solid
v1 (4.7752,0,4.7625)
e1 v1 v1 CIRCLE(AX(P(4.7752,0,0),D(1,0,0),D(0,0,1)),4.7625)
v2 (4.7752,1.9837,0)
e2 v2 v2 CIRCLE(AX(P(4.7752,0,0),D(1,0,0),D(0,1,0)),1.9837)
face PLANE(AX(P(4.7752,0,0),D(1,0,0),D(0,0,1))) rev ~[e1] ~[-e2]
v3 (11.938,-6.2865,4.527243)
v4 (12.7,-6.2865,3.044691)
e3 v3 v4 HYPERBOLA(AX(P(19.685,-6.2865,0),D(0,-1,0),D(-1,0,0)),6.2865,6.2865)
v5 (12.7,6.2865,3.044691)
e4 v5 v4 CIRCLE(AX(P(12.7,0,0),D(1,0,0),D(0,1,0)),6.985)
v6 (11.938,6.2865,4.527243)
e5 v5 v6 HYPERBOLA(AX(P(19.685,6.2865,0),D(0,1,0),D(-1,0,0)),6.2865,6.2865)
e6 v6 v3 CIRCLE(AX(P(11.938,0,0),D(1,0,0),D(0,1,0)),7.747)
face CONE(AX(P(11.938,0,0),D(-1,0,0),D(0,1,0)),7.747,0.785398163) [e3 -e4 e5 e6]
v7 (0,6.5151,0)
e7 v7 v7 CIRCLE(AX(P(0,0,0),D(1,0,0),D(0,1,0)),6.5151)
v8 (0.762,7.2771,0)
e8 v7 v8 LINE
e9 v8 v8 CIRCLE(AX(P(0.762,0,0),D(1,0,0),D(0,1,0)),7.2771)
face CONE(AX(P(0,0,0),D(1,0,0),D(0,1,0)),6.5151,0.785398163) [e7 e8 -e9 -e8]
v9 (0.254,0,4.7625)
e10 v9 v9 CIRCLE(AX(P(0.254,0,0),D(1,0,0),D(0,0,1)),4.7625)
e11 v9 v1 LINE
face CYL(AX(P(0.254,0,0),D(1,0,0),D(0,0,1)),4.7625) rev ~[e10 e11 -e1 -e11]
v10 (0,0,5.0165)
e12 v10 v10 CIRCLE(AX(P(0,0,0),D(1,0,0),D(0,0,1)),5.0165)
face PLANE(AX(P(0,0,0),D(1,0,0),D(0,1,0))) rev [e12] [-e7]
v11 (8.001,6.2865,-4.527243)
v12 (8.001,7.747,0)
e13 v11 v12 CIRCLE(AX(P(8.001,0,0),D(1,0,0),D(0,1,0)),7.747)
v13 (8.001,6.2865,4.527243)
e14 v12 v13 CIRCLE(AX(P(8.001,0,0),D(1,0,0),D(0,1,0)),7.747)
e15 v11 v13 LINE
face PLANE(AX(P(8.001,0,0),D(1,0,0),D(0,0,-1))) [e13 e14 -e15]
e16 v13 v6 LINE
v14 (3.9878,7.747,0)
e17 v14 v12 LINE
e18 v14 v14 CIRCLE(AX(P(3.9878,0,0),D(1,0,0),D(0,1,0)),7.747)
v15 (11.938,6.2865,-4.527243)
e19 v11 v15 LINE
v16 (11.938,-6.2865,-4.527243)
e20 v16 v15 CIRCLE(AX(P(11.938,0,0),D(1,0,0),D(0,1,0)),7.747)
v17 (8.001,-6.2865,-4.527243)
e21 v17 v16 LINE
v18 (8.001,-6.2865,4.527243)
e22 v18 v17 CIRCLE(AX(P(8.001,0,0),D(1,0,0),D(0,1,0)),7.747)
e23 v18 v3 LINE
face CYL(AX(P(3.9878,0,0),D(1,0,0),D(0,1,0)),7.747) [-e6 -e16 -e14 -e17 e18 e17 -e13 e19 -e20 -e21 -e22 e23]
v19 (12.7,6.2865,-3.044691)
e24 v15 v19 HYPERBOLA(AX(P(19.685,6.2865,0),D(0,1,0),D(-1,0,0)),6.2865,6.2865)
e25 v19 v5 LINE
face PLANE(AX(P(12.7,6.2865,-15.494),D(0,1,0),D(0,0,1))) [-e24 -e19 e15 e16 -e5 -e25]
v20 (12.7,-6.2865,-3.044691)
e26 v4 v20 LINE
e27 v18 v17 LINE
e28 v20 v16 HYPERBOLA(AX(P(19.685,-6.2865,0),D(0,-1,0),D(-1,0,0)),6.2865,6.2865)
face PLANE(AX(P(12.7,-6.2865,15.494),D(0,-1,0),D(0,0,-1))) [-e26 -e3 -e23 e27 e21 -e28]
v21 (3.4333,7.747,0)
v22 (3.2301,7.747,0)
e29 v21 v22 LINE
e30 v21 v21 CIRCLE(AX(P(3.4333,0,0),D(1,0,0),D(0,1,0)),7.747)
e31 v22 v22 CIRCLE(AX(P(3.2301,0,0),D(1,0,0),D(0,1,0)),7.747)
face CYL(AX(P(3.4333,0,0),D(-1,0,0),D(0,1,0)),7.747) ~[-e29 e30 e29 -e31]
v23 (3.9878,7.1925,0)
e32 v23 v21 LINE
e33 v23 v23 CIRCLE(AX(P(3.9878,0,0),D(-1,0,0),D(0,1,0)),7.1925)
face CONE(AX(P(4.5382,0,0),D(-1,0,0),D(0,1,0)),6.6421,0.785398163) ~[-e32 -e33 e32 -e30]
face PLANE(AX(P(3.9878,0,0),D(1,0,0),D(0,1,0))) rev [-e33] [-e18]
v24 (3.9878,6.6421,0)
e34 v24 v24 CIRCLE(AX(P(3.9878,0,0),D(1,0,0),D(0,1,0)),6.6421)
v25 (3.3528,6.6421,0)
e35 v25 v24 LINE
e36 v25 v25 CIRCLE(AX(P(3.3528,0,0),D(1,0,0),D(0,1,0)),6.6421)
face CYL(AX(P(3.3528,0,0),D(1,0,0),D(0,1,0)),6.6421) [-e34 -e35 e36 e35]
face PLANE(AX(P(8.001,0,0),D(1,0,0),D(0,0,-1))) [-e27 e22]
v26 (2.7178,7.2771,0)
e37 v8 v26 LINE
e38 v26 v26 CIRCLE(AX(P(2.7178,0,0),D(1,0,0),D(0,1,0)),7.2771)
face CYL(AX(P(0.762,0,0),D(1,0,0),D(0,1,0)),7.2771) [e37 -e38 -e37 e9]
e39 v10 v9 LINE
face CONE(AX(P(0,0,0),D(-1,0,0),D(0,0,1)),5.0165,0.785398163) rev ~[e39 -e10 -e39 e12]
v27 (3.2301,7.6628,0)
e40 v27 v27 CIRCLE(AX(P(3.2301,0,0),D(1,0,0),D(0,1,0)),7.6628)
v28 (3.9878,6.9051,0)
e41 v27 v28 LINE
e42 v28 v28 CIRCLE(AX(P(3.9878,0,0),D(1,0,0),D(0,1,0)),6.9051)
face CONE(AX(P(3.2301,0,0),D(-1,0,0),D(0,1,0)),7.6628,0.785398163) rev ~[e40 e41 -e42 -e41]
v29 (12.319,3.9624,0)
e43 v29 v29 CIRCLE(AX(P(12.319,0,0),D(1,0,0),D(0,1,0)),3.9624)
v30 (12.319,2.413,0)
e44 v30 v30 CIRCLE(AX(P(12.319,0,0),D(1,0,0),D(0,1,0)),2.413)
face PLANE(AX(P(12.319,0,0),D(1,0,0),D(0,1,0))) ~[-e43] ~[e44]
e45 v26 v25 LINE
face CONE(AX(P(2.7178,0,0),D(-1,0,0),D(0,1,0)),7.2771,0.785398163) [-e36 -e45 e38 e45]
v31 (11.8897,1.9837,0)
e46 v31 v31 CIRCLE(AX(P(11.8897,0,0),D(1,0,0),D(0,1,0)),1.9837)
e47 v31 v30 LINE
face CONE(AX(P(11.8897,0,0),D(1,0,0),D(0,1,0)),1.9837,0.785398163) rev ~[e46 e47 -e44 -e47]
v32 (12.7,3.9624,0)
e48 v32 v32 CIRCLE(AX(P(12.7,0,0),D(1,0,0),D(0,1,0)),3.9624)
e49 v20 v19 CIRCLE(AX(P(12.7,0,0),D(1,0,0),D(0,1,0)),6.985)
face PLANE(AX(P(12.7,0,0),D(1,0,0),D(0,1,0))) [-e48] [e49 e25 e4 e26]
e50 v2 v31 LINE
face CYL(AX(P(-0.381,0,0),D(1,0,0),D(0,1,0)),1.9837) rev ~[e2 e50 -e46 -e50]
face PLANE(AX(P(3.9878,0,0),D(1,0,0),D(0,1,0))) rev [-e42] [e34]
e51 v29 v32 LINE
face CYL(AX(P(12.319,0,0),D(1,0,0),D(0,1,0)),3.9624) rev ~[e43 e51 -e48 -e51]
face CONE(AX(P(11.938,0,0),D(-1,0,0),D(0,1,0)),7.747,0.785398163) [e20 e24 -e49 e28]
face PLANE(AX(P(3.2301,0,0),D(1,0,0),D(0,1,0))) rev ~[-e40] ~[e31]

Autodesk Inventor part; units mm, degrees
sketch "Sketch_1" plane through (0, 0, 0) normal (0, 0, 1) x (1, 0, 0)
  line L0 (12.7, 0) -> (0, 0)
  line L1 (0, 0) -> (0, 6.5151)
  line L2 (0, 6.5151) -> (0.762, 7.2771)
  line L3 (0.762, 7.2771) -> (2.7178, 7.2771)
  line L4 (2.7178, 7.2771) -> (3.3528, 6.6421)
  line L5 (3.3528, 6.6421) -> (3.9878, 6.6421)
  line L6 (3.9878, 6.6421) -> (3.9878, 7.747)
  line L7 (3.9878, 7.747) -> (11.938, 7.747)
  line L8 (11.938, 7.747) -> (12.7, 6.985)
  line L9 (12.7, 6.985) -> (12.7, 0)
  line L10 (12.7, 0) -> (0, 0)
revolve "Revolution1" add sketch "Sketch_1" angle 360 about axis through (12.7, 0, 0) along (1, 0, 0)
sketch "Sketch_2" plane through (12.7, 0, 0) normal (1, 0, 0) x (0, 0, -1)
  line L0 (-30.988, 12.573) -> (-30.988, -12.573)
  line L1 (-30.988, -12.573) -> (30.988, -12.573)
  line L2 (30.988, -12.573) -> (30.988, 12.573)
  line L3 (30.988, 12.573) -> (-30.988, 12.573)
  line L4 (-15.494, 6.2865) -> (-15.494, -6.2865)
  line L5 (-15.494, -6.2865) -> (15.494, -6.2865)
  line L6 (15.494, -6.2865) -> (15.494, 6.2865)
  line L7 (15.494, 6.2865) -> (-15.494, 6.2865)
extrude "Extrusion1" cut sketch "Sketch_2" against normal blind 4.699
sketch "Sketch3" plane through (0, 0, 0) normal (-1, 0, 0) x (0, 0, 1)
  point P0 (0, 0)
hole "Hole1" at (0, 0, 0) direction (1, 0, 0) diameter 9.525 depth 4.7752 countersink diameter 10.033 countersink angle 90
sketch "Sketch_5" plane through (0, 0, 0) normal (0, 0, 1) x (1, 0, 0)
  line L0 (12.7, 0) -> (-0.381, 0)
  line L1 (-0.381, 0) -> (-0.381, 1.9837)
  line L2 (-0.381, 1.9837) -> (11.8897, 1.9837)
  line L3 (11.8897, 1.9837) -> (12.319, 2.413)
  line L4 (12.319, 2.413) -> (12.319, 3.9624)
  line L5 (12.319, 3.9624) -> (12.7, 3.9624)
  line L6 (12.7, 3.9624) -> (12.7, 0)
  line L7 (12.7, 0) -> (-0.381, 0)
revolve "Revolution2" cut sketch "Sketch_5" angle 360 about axis through (12.7, 0, 0) along (1, 0, 0)
thread "Thread1" size "10-32 UNF" class "2B" standard "ANSI Unified Screw Threads" length 4.699 offset 2.8448
sketch "Sketch_9" plane through (0, 0, 0) normal (0, 0, 1) x (1, 0, 0)
  line L0 (12.7, 0) -> (-12.7, 0)
  line L1 (3.2301, 7.6628) -> (4.2508, 6.6421)
  line L2 (4.2508, 6.6421) -> (4.5382, 6.6421)
  line L3 (4.5382, 6.6421) -> (3.4333, 7.747)
  line L4 (3.4333, 7.747) -> (3.2301, 7.747)
  line L5 (3.2301, 7.747) -> (3.2301, 7.6628)
revolve "Revolution3" add sketch "Sketch_9" angle 360 about axis through (12.7, 0, 0) along (1, 0, 0)
ref_plane "aa2_XY" through (12.7, 0, 0) normal (0, 1, 0) x (1, 0, 0)
ref_plane "aa2_YZ" through (12.7, 0, 0) normal (1, 0, 0) x (0, 0, -1)
ref_plane "aa2_ZX" through (12.7, 0, 0) normal (0, 0, -1) x (0, 1, 0)
ref_plane "m1_XY" through (12.7, 0, 0) normal (0, 1, 0) x (1, 0, 0)
ref_plane "m1_YZ" through (12.7, 0, 0) normal (1, 0, 0) x (0, 0, -1)
ref_plane "m1_ZX" through (12.7, 0, 0) normal (0, 0, -1) x (0, 1, 0)
ref_plane "m2_XY" through (8.001, 0, 0) normal (0, 1, 0) x (1, 0, 0)
ref_plane "m2_YZ" through (8.001, 0, 0) normal (1, 0, 0) x (0, 0, -1)
ref_plane "m2_ZX" through (8.001, 0, 0) normal (0, 0, -1) x (0, 1, 0)
ref_plane "n1_XY" through (12.7, 6.2865, 0) normal (1, 0, 0) x (0, 0, -1)
ref_plane "n1_YZ" through (12.7, 6.2865, 0) normal (0, 0, -1) x (0, 1, 0)
ref_plane "n1_ZX" through (12.7, 6.2865, 0) normal (0, 1, 0) x (1, 0, 0)
ref_plane "n2_XY" through (12.7, -6.2865, 0) normal (1, 0, 0) x (0, 0, -1)
ref_plane "n2_YZ" through (12.7, -6.2865, 0) normal (0, 0, -1) x (0, 1, 0)
ref_plane "n2_ZX" through (12.7, -6.2865, 0) normal (0, 1, 0) x (1, 0, 0)
ref_plane "rear_head_XY" through (2.7178, 0, 0) normal (1, 0, 0) x (0, 0, -1)
ref_plane "rear_head_YZ" through (2.7178, 0, 0) normal (0, 0, -1) x (0, 1, 0)
ref_plane "rear_head_ZX" through (2.7178, 0, 0) normal (0, 1, 0) x (1, 0, 0)
ref_plane "to_bushing_XY" through (0, 0, 0) normal (0, 0, 1) x (1, 0, 0)
ref_plane "to_bushing_YZ" through (0, 0, 0) normal (1, 0, 0) x (0, 1, 0)
ref_plane "to_bushing_ZX" through (0, 0, 0) normal (0, 1, 0) x (0, 0, 1)
ref_plane "to_mounting_bracket_xp_XY" through (12.7, 0, 0) normal (1, 0, 0) x (0, 0, -1)
ref_plane "to_mounting_bracket_xp_YZ" through (12.7, 0, 0) normal (0, 0, -1) x (0, 1, 0)
ref_plane "to_mounting_bracket_xp_ZX" through (12.7, 0, 0) normal (0, 1, 0) x (1, 0, 0)
ref_plane "to_pivot_bracket_XY" through (0, 0, 0) normal (0, 0, 1) x (1, 0, 0)
ref_plane "to_pivot_bracket_YZ" through (0, 0, 0) normal (1, 0, 0) x (0, 1, 0)
ref_plane "to_pivot_bracket_ZX" through (0, 0, 0) normal (0, 1, 0) x (0, 0, 1)
properties part number "D-14216rear_head"
